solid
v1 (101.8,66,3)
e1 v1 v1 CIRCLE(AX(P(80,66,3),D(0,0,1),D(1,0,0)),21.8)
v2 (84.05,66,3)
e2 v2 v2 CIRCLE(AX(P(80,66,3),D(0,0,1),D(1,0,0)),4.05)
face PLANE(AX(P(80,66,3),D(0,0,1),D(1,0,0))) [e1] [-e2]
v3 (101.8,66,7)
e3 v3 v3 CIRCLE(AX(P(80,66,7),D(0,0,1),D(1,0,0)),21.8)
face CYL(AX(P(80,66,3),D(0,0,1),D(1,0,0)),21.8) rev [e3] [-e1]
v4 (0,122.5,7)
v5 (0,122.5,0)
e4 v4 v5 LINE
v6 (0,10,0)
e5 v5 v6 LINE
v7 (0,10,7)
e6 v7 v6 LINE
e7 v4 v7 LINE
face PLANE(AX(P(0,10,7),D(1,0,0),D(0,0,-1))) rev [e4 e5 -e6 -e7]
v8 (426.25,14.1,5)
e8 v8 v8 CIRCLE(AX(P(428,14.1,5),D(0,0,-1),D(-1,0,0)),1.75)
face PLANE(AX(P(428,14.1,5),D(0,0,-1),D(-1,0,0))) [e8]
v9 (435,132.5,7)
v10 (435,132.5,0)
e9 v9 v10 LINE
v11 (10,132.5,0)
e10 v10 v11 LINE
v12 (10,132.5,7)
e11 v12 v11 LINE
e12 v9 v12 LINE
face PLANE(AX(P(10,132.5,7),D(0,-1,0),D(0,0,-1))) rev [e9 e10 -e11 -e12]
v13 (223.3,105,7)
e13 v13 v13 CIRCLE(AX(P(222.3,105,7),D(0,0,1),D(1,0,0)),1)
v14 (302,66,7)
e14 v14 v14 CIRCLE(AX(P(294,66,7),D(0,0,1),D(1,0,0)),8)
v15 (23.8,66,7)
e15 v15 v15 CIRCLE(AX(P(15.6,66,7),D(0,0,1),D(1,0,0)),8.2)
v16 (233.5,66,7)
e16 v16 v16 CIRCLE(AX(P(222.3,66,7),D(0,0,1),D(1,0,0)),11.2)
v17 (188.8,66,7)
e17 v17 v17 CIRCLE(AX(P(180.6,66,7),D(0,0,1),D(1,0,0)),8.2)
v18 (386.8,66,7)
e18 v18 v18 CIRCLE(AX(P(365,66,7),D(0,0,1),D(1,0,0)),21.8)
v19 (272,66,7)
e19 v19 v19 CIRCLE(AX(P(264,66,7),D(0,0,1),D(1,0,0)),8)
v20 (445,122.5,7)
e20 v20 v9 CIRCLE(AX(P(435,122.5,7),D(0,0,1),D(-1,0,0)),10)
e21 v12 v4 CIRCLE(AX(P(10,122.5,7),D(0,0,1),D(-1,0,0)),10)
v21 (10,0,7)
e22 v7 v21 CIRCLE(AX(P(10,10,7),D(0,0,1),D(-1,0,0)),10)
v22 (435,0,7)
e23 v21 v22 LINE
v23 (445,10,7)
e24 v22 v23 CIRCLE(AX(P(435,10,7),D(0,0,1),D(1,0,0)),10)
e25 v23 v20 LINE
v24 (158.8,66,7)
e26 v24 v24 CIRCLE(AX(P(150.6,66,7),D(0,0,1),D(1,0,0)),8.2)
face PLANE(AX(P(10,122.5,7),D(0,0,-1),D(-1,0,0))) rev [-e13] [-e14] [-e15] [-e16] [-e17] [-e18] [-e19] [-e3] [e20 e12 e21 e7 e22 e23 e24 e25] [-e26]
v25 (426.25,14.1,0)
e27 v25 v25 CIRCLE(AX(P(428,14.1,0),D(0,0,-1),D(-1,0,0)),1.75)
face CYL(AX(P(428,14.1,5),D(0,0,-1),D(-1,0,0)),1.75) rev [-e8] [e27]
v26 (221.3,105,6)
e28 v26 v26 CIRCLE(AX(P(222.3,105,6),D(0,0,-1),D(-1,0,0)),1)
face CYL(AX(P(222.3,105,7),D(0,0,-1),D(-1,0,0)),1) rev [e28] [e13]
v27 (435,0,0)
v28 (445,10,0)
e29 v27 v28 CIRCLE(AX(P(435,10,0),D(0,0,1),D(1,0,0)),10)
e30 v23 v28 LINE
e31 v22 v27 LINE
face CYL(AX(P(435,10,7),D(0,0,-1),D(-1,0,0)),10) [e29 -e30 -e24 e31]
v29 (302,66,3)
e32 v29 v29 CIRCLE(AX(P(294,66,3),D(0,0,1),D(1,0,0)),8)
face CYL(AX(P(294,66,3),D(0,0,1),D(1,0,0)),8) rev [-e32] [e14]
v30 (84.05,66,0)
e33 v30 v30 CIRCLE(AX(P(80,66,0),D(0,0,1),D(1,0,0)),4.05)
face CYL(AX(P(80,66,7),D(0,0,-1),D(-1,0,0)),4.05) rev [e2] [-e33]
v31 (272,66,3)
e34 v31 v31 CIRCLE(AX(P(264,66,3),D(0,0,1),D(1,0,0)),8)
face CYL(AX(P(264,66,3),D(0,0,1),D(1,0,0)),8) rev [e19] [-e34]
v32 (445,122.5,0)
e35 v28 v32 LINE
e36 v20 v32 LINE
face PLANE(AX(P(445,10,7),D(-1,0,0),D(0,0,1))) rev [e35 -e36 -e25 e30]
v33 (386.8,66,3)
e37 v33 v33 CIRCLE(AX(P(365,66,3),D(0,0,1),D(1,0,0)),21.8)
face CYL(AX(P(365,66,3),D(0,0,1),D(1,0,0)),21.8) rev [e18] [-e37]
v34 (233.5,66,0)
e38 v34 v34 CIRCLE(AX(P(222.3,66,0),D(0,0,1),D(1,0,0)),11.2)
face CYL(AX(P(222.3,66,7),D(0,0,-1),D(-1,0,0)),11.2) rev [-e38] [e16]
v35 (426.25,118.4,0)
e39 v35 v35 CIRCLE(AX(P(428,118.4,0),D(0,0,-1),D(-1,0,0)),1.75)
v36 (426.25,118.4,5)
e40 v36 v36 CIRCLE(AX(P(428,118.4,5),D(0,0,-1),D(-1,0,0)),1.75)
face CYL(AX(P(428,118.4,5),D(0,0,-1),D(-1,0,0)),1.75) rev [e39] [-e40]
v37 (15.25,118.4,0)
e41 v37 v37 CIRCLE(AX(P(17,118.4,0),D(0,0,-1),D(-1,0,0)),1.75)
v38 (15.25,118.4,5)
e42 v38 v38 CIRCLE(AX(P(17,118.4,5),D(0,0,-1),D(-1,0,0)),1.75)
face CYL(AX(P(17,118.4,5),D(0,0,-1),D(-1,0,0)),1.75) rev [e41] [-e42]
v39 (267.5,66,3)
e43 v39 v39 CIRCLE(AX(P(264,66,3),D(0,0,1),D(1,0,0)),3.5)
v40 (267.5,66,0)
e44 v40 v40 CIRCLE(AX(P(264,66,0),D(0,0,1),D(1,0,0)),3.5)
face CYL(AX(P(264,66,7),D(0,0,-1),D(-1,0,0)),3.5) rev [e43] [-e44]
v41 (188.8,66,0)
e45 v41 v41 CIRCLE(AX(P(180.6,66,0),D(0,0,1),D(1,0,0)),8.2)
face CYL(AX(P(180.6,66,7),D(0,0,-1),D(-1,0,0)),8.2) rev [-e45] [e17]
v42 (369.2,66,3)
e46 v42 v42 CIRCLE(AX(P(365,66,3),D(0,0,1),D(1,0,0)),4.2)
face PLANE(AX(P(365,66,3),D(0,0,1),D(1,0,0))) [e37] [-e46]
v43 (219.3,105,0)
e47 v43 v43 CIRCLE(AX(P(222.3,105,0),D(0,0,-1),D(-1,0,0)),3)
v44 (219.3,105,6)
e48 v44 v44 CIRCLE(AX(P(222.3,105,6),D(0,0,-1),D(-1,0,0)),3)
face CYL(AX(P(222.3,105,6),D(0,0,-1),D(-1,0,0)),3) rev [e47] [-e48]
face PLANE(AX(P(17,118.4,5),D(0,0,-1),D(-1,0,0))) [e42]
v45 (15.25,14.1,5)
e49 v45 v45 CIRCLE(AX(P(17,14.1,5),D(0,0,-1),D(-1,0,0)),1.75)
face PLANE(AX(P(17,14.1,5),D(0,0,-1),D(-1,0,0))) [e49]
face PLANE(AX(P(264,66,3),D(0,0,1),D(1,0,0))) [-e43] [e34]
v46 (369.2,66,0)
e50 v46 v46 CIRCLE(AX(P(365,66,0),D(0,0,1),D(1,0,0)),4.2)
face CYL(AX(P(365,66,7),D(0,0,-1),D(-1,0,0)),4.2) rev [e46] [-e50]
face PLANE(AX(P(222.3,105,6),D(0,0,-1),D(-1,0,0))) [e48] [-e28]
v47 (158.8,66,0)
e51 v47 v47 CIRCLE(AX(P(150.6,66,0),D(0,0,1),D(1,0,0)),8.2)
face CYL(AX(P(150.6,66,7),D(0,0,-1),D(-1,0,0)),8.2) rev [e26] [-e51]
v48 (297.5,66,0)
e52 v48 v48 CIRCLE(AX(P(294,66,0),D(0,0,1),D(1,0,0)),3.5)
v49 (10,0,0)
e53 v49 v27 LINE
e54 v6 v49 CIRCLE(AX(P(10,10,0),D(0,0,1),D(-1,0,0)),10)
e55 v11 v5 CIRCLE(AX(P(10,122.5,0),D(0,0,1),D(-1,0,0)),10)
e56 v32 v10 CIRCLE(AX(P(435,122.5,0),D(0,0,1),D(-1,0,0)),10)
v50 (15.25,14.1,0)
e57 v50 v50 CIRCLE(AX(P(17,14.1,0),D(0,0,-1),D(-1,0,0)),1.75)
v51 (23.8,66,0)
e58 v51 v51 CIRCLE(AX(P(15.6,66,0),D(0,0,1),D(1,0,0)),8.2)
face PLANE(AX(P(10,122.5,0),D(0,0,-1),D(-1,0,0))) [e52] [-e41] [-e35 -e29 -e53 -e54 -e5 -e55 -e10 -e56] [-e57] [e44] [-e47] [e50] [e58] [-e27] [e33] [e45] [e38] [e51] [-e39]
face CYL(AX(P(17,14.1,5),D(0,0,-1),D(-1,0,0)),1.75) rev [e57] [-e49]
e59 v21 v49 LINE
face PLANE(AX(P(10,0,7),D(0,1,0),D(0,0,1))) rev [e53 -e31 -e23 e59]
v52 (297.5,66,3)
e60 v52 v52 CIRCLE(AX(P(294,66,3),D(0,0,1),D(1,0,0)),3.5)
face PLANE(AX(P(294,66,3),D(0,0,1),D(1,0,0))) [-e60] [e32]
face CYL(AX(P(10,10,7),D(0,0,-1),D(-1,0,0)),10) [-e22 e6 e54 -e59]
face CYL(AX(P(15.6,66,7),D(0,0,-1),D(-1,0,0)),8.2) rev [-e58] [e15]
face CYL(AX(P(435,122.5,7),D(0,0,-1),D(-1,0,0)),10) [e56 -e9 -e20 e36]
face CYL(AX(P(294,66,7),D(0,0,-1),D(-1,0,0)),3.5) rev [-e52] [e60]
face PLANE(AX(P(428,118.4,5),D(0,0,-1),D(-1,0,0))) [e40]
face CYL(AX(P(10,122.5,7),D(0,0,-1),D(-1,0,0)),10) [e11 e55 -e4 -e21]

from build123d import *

# Parameters (mm, degrees)
SKETCH_1_R            = 1
SKETCH_1_R_2          = 11.2
SKETCH_1_R_3          = 4.05
SKETCH_1_R_4          = 3.5
SKETCH_1_R_5          = 8.2
SKETCH_1_R_6          = 4.2
EXTRUDE_1_DEPTH       = 7
SKETCH_6_R            = 21.8
SKETCH_6_R_2          = 8
CUT_EXTRUDE_3_DEPTH   = 4
SKETCH_7_R            = 3
CUT_EXTRUDE_4_DEPTH   = 6
SKETCH_13_R           = 1.75
CUT_EXTRUDE_4_2_DEPTH = 5


with BuildPart() as part:
    # Эскиз1 → Бобышка-Вытянуть1 (new body)
    with BuildSketch(Plane.XY):
        with BuildLine():
            Line((10, 0), (435, 0))
            ThreePointArc((435, 0), (442.071067812, 2.928932188), (445, 10))
            Line((445, 10), (445, 122.5))
            ThreePointArc((445, 122.5), (442.071067812, 129.571067812), (435, 132.5))
            Line((435, 132.5), (10, 132.5))
            ThreePointArc((10, 132.5), (2.928932188, 129.571067812), (0, 122.5))
            Line((0, 122.5), (0, 10))
            ThreePointArc((0, 10), (2.928932188, 2.928932188), (10, 0))
        make_face()
        with Locations((222.3, 105)):
            Circle(SKETCH_1_R, mode=Mode.SUBTRACT)
        with Locations((222.3, 66)):
            Circle(SKETCH_1_R_2, mode=Mode.SUBTRACT)
        with Locations((80, 66)):
            Circle(SKETCH_1_R_3, mode=Mode.SUBTRACT)
        with Locations((264, 66)):
            Circle(SKETCH_1_R_4, mode=Mode.SUBTRACT)
        with Locations((294, 66)):
            Circle(SKETCH_1_R_4, mode=Mode.SUBTRACT)
        with Locations((180.6, 66)):
            Circle(SKETCH_1_R_5, mode=Mode.SUBTRACT)
        with Locations((365, 66)):
            Circle(SKETCH_1_R_6, mode=Mode.SUBTRACT)
        with Locations((15.6, 66)):
            Circle(SKETCH_1_R_5, mode=Mode.SUBTRACT)
        with Locations((150.6, 66)):
            Circle(SKETCH_1_R_5, mode=Mode.SUBTRACT)
    extrude(amount=EXTRUDE_1_DEPTH)

    # Эскиз6 → Вырез-Вытянуть3 (cut)
    with BuildSketch(Plane.XY.offset(7)):
        with Locations((80, 66)):
            Circle(SKETCH_6_R)
        with Locations((365, 66)):
            Circle(SKETCH_6_R)
        with Locations((264, 66)):
            Circle(SKETCH_6_R_2)
        with Locations((294, 66)):
            Circle(SKETCH_6_R_2)
    extrude(amount=-CUT_EXTRUDE_3_DEPTH, mode=Mode.SUBTRACT)

    # Эскиз7 → Cut-Extrude 4 (cut)
    with BuildSketch(Plane(origin=(0, 0, 0), x_dir=(-1, 0, 0), z_dir=(0, 0, -1))):
        with Locations((-222.3, 105)):
            Circle(SKETCH_7_R)
    extrude(amount=-CUT_EXTRUDE_4_DEPTH, mode=Mode.SUBTRACT)

    # Эскиз13 → Cut-Extrude 4 2 (cut)
    with BuildSketch(Plane(origin=(0, 0, 0), x_dir=(-1, 0, 0), z_dir=(0, 0, -1))):
        with Locations((-17, 118.4)):
            Circle(SKETCH_13_R)
        with Locations((-17, 14.1)):
            Circle(SKETCH_13_R)
        with Locations((-428, 14.1)):
            Circle(SKETCH_13_R)
        with Locations((-428, 118.4)):
            Circle(SKETCH_13_R)
    extrude(amount=-CUT_EXTRUDE_4_2_DEPTH, mode=Mode.SUBTRACT)


solid = part.part
